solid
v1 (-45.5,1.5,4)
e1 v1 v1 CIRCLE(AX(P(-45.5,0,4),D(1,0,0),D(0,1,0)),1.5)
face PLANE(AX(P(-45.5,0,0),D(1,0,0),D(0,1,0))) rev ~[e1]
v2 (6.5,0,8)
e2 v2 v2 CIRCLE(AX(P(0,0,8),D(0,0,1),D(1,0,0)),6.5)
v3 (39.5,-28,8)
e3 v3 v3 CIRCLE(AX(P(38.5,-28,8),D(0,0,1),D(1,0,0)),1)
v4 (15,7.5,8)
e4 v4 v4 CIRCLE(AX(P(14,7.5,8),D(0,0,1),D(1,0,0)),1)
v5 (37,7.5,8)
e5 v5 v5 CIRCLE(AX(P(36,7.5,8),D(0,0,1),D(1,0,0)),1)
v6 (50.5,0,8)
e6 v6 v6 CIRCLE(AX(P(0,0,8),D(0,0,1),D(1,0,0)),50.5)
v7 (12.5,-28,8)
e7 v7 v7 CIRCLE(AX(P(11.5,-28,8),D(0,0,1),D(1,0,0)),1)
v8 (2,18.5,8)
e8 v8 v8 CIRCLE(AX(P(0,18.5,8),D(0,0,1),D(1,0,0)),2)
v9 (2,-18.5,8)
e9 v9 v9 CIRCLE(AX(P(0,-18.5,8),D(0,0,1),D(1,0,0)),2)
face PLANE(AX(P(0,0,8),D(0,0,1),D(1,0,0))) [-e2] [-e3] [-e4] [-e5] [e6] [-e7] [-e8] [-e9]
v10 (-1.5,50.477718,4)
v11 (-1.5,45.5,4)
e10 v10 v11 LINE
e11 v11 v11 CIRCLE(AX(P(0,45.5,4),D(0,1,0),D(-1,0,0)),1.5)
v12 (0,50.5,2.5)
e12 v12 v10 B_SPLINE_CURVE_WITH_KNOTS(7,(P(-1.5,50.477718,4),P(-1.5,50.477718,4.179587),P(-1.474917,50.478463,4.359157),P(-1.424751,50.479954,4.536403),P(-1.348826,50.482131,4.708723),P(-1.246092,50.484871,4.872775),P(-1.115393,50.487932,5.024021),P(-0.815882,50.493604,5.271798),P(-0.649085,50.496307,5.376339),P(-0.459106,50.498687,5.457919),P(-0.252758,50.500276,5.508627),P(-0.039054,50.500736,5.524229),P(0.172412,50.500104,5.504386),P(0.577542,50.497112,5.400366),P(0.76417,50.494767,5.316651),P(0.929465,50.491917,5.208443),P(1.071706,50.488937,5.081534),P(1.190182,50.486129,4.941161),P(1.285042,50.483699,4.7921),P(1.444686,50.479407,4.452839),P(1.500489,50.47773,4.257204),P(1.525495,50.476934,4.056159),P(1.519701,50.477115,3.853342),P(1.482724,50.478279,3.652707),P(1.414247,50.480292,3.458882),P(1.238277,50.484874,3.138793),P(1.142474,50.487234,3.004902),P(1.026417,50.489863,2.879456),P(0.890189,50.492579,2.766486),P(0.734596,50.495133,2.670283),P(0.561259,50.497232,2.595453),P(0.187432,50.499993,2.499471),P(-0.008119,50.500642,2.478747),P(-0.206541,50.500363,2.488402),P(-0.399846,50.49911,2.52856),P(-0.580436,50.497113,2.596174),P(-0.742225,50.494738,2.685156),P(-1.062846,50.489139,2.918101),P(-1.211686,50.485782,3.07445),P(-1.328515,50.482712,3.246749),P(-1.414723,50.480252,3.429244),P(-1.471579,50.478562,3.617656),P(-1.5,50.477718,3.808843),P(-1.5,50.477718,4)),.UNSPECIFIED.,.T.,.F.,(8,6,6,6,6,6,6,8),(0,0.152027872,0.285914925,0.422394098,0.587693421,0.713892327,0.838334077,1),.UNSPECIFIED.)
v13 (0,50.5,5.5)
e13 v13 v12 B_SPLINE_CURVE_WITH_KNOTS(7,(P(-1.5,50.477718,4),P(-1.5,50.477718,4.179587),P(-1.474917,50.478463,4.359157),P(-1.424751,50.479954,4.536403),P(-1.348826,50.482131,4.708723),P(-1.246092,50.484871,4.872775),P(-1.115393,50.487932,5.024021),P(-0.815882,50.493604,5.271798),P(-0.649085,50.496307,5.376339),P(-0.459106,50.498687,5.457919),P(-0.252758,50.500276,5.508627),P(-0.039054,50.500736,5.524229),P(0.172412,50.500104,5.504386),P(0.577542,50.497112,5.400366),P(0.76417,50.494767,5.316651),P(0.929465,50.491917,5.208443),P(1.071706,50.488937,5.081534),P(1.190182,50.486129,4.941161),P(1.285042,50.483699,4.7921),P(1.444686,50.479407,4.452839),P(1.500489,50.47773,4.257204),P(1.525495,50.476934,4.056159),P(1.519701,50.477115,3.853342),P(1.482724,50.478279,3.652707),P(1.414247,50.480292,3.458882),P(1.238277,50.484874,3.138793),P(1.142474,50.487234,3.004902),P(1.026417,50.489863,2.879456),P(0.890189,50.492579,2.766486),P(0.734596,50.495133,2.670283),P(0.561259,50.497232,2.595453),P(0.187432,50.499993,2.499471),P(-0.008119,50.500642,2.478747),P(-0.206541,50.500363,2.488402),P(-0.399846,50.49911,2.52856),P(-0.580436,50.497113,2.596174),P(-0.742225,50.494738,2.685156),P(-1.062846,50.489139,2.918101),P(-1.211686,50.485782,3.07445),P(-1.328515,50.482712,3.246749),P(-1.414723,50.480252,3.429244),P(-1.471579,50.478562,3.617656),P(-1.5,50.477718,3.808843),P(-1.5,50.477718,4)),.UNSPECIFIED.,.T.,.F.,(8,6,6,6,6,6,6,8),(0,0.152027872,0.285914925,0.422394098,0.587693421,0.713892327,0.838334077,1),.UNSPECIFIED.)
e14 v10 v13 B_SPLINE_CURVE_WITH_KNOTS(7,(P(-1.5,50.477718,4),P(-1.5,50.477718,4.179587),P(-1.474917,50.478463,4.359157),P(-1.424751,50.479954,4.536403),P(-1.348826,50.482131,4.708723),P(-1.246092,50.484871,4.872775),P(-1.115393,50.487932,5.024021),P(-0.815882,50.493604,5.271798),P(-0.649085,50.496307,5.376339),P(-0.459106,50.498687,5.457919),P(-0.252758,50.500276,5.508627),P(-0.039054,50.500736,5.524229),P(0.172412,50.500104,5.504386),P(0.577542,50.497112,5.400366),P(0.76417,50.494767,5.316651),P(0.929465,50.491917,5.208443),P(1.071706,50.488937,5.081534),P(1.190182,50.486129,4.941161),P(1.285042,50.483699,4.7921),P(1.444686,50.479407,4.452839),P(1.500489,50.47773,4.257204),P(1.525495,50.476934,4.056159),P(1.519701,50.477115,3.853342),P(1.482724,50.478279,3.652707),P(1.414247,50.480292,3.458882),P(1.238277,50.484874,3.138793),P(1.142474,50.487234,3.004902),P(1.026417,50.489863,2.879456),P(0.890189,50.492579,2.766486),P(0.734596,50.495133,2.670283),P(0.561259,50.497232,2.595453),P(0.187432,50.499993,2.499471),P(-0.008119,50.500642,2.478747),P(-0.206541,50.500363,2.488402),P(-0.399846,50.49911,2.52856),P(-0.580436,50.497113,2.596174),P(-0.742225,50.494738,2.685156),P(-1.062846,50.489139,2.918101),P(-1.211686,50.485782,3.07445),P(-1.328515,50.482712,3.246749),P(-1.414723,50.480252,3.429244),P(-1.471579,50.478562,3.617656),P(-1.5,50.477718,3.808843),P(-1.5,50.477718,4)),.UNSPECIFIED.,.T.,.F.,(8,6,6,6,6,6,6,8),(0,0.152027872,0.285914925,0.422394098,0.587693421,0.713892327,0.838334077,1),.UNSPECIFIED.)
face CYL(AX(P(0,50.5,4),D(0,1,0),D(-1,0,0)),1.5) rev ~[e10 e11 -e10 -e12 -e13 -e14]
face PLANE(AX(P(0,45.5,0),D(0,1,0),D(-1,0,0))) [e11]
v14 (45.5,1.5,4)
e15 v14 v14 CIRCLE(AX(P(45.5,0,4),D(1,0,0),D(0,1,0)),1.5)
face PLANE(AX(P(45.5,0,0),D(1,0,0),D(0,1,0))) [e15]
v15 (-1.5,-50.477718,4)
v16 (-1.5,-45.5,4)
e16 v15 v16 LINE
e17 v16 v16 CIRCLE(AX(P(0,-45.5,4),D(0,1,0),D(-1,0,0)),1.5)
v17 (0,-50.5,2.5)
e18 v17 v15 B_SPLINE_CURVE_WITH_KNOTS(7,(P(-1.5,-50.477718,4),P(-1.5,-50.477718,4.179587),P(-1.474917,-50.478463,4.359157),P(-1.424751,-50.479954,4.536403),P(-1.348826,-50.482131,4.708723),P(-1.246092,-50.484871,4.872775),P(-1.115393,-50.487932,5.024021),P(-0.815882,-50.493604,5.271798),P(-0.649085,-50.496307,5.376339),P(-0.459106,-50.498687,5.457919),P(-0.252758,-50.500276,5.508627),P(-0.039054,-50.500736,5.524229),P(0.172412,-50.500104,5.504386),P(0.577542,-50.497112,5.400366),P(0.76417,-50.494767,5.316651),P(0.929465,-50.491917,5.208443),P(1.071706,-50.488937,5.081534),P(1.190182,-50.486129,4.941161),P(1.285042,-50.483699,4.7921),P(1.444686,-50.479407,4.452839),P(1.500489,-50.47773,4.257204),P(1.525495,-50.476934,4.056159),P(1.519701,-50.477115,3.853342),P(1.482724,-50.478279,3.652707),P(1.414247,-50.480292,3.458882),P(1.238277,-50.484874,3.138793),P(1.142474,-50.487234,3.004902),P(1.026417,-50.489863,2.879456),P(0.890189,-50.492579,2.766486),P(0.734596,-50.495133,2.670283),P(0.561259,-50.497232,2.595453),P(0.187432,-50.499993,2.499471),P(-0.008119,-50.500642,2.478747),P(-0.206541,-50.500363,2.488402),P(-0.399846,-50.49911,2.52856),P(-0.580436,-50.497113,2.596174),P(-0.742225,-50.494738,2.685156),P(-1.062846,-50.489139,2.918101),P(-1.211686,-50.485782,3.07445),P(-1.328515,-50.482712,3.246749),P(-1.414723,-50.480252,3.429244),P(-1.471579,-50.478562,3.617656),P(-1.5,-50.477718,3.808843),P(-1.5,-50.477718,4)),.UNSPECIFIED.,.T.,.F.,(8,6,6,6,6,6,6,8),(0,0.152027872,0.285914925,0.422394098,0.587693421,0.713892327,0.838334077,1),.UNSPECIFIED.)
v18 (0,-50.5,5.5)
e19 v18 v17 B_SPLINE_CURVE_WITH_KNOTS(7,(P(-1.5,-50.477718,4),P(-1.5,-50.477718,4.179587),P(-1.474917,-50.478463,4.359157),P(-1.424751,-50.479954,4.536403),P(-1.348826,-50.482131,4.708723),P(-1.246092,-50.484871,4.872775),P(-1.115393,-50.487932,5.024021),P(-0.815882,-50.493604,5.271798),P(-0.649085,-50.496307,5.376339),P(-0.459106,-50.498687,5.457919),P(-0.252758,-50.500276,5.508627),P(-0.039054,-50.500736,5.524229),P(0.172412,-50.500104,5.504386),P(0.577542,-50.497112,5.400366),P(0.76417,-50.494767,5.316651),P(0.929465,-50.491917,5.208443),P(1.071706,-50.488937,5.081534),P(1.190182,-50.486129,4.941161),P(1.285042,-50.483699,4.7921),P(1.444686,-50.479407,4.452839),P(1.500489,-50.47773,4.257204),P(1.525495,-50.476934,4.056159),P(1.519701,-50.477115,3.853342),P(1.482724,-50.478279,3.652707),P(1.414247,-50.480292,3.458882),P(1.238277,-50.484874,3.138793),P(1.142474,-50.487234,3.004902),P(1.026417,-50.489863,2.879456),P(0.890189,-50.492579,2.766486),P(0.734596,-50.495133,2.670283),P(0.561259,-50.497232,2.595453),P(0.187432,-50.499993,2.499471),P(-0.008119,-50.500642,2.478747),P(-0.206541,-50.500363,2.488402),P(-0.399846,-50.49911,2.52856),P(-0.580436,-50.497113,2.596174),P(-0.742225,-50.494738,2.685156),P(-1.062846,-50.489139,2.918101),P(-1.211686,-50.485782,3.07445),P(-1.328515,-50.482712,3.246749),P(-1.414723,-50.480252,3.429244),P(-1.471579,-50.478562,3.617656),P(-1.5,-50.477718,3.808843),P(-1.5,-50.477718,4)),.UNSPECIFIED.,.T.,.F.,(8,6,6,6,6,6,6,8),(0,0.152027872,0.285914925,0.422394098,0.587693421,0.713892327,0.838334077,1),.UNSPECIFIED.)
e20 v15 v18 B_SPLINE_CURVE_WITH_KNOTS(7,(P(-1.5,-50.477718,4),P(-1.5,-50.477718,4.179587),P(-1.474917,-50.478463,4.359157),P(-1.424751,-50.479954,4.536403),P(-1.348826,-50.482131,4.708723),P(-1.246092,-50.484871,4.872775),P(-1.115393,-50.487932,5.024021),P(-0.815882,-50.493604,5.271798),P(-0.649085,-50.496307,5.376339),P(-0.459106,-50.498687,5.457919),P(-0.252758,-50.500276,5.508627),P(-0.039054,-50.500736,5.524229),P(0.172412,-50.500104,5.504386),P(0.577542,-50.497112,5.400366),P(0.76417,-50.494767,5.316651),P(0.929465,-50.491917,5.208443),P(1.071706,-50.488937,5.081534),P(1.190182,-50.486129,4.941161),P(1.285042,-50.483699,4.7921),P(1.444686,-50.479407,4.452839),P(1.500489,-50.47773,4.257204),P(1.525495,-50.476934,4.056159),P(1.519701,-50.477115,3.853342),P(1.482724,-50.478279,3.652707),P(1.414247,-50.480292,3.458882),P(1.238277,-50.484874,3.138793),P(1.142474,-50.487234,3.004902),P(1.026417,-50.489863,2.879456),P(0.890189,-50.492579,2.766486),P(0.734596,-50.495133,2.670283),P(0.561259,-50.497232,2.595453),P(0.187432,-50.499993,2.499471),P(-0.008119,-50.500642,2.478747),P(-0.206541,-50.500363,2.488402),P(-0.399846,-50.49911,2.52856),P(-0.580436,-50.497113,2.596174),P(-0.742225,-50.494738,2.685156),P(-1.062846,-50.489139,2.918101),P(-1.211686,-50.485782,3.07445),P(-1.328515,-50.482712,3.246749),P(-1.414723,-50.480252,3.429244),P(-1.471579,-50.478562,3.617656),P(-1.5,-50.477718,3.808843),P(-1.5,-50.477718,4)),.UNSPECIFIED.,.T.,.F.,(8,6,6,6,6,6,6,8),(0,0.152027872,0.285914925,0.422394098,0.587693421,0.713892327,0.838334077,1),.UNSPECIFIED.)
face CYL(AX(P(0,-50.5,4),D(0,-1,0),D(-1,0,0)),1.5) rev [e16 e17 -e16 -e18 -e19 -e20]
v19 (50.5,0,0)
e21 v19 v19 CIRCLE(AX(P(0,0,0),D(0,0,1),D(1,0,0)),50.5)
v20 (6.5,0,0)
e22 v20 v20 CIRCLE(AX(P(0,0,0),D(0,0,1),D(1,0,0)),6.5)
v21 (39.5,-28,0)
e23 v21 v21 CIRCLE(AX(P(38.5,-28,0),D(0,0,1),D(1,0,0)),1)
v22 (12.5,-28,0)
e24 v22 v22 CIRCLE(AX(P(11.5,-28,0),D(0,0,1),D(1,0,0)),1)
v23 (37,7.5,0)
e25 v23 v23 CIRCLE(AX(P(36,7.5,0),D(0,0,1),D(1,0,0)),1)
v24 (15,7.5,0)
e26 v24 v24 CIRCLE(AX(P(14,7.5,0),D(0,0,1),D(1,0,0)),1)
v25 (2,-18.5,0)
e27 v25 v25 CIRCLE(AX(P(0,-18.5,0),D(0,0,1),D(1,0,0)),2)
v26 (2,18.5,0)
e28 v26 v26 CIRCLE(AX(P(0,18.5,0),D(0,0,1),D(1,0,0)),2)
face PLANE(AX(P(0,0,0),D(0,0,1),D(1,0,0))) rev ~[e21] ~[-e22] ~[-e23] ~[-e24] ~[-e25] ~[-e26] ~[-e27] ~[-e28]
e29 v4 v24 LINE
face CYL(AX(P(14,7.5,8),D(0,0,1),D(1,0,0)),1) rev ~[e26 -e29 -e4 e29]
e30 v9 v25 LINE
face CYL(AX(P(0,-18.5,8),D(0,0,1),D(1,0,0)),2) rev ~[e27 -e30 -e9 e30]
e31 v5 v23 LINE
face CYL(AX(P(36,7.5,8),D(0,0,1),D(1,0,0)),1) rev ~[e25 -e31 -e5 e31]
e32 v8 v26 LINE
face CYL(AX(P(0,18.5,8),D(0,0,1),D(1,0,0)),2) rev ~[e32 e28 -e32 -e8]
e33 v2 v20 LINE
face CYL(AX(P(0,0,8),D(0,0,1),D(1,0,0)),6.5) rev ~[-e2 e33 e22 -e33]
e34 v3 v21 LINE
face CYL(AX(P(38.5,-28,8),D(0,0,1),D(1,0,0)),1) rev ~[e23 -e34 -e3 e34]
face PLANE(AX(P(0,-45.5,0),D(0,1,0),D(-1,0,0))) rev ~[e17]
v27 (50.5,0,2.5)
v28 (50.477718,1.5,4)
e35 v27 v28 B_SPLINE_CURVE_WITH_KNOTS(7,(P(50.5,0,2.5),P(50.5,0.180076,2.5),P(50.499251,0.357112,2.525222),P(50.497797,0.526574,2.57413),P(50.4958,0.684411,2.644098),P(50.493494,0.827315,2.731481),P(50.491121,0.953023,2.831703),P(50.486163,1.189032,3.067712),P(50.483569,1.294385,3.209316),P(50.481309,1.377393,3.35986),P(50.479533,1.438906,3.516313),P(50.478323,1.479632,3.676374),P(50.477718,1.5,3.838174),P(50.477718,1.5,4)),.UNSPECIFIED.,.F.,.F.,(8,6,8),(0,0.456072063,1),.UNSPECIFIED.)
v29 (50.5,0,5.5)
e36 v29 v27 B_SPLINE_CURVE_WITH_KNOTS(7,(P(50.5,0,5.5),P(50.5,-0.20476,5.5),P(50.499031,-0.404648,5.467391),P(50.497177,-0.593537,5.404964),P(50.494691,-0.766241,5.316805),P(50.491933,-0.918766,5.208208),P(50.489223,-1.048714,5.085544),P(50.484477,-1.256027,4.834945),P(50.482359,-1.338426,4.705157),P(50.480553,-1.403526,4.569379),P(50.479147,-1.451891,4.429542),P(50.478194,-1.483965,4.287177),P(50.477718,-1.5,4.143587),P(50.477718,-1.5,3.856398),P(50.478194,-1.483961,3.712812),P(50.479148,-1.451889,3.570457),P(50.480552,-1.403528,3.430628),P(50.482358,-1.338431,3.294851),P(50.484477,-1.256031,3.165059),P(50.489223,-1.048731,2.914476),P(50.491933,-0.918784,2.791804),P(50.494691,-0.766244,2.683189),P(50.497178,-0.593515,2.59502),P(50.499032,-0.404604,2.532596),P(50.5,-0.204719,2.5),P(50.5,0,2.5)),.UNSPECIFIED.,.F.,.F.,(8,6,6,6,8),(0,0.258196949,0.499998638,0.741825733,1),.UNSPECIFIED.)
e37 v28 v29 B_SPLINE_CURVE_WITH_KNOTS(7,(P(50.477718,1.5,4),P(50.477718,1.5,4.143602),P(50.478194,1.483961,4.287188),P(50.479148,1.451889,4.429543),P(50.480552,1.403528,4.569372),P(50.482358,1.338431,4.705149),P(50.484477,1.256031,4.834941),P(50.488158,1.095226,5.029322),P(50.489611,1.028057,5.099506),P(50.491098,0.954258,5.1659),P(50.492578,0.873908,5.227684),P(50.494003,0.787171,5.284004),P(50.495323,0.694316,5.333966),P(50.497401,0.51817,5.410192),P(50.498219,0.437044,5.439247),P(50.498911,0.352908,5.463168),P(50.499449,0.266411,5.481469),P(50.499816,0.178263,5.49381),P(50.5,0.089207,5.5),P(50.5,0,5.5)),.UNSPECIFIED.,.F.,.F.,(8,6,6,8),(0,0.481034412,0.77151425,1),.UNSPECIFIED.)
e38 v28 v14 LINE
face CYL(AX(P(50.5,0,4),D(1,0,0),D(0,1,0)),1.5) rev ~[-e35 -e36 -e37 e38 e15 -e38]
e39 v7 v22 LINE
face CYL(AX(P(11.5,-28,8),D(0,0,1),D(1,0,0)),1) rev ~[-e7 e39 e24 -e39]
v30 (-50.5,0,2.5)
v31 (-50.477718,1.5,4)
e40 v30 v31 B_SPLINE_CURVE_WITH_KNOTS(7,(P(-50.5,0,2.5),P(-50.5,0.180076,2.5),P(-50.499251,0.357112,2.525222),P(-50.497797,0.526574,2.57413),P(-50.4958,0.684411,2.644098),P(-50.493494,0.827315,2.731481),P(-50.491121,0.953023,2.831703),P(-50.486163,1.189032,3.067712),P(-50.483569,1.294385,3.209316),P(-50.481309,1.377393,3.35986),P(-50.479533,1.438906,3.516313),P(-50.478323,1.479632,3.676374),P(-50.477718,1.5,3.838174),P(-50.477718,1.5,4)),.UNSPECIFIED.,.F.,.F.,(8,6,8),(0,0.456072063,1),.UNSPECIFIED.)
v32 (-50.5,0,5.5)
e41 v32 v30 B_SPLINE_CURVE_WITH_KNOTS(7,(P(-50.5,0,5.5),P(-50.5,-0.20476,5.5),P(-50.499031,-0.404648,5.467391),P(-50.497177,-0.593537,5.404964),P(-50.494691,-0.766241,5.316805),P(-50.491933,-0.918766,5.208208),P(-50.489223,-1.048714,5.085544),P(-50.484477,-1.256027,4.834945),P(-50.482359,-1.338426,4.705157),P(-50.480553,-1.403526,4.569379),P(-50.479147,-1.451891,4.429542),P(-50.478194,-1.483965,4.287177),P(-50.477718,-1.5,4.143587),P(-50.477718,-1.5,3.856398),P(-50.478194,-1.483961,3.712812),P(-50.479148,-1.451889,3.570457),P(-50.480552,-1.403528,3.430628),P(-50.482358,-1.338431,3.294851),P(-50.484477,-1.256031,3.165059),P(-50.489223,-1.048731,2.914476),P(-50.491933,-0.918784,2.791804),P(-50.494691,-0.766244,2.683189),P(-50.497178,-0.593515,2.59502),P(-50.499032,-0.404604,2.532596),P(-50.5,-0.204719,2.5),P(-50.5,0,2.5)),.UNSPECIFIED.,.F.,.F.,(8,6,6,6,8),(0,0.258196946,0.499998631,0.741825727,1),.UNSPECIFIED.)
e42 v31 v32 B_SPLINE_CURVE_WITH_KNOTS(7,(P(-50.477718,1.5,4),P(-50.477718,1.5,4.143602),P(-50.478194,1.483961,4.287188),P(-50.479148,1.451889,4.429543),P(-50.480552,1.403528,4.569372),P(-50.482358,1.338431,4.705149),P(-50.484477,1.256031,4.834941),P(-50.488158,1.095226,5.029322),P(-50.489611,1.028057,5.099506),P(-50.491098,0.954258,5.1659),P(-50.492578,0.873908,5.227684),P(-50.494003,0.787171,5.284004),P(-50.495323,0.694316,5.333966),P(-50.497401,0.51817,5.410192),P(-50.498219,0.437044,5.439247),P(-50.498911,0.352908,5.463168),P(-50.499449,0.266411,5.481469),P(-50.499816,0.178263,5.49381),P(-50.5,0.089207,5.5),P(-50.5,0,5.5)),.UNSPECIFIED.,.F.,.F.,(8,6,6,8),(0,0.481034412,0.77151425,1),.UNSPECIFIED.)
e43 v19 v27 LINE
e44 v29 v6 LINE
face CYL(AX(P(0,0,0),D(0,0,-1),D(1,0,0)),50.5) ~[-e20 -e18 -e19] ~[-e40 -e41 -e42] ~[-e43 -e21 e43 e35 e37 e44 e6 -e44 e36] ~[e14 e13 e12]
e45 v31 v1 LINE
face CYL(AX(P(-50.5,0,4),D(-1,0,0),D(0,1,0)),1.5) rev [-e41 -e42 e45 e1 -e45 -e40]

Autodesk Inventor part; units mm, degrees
sketch "スケッチ1" plane through (0, 0, 0) normal (0, 0, 1) x (1, 0, 0)
  circle A0 centre (0, 0) radius 50.5
  dimension "d0" = 101
extrude "押し出し1" add sketch "スケッチ1" along normal blind 8
ref_plane "作業平面1" through (50.5, 0, 0) normal (1, 0, 0) x (0, 1, 0)
ref_plane "作業平面2" through (-50.5, 0, 0) normal (1, 0, 0) x (0, 1, 0)
ref_plane "作業平面3" through (0, 50.5, 0) normal (0, 1, 0) x (-1, 0, 0)
ref_plane "作業平面4" through (0, -50.5, 0) normal (0, 1, 0) x (-1, 0, 0)
sketch "スケッチ2" plane through (50.5, 0, 0) normal (1, 0, 0) x (0, 1, 0)
  line L0 (0, 0) -> (0, 4) construction
  circle A0 centre (0, 4) radius 1.5
  dimension "d7" = 4
  dimension "d8" = 3
extrude "押し出し2" cut sketch "スケッチ2" against normal blind 5
sketch "スケッチ3" plane through (-50.5, 0, 0) normal (1, 0, 0) x (0, 1, 0)
  line L0 (0, 0) -> (0, 4) construction
  circle A0 centre (0, 4) radius 1.5
  dimension "d11" = 4
  dimension "d12" = 3
extrude "押し出し3" cut sketch "スケッチ3" along normal blind 5
sketch "スケッチ4" plane through (0, 50.5, 0) normal (0, 1, 0) x (-1, 0, 0)
  line L0 (0, 0) -> (0, 4) construction
  circle A0 centre (0, 4) radius 1.5
  dimension "d15" = 4
  dimension "d16" = 3
extrude "押し出し4" cut sketch "スケッチ4" against normal blind 5
sketch "スケッチ5" plane through (0, -50.5, 0) normal (0, 1, 0) x (-1, 0, 0)
  line L0 (0, 0) -> (0, 4) construction
  circle A0 centre (0, 4) radius 1.5
  dimension "d19" = 4
  dimension "d20" = 3
extrude "押し出し5" cut sketch "スケッチ5" along normal blind 5
thread "ねじ1" size "M3x0.5" class "6H" standard "ANSI Metric M Profile" full length
thread "ねじ2" size "M3x0.5" class "6H" standard "ANSI Metric M Profile" full length
thread "ねじ3" size "M3x0.5" class "6H" standard "ANSI Metric M Profile" full length
thread "ねじ4" size "M3x0.5" class "6H" standard "ANSI Metric M Profile" full length
sketch "スケッチ8" plane through (0, 0, 8) normal (0, 0, 1) x (1, 0, 0)
  line L0 (0, 0) -> (0, 18.5) construction
  line L1 (0, 0) -> (0, -18.5) construction
  circle A0 centre (0, 18.5) radius 2
  circle A1 centre (0, -18.5) radius 2
  circle A2 centre (0, 0) radius 6.5
  dimension "d62" = 18.5
  dimension "d63" = 18.5
  dimension "d64" = 4
  dimension "d65" = 4
  dimension "d66" = 13
extrude "押し出し7" cut sketch "スケッチ8" against normal blind 8
thread "ねじ7" size "M4x0.7" class "6H" standard "ANSI Metric M Profile" full length
thread "ねじ8" size "M4x0.7" class "6H" standard "ANSI Metric M Profile" full length
sketch "スケッチ9" plane through (0, 0, 8) normal (0, 0, 1) x (1, 0, 0)
  line L0 (0, 0) -> (25, 0) construction
  line L1 (25, 0) -> (25, -1) construction
  line L2 (25, 0) -> (25, 7.5) construction
  circle A0 centre (36, 7.5) radius 1
  line L3 (36, 7.5) -> (14, 7.5) construction
  circle A1 centre (14, 7.5) radius 1
  line L4 (25, -1) -> (25, -10) construction
  line L5 (25, -10) -> (25, -28) construction
  circle A2 centre (11.5, -28) radius 1
  line L6 (25, 0) -> (9, 0) construction
  line L7 (9, 0) -> (9, -31) construction
  line L8 (9, -31) -> (41, -31) construction
  line L9 (41, -31) -> (41, 0) construction
  line L10 (25, 0) -> (25, 12) construction
  line L11 (14.417, 12) -> (35.583, 12) construction
  arc A3 (14.757, 12.2915) -> (9, 0) centre (25, 0) ccw construction
  arc A4 (41, 0) -> (35.583, 12) centre (25, 0) ccw construction
  line L12 (11.5, -28) -> (38.5, -28) construction
  circle A5 centre (38.5, -28) radius 1
  dimension "d92" = 25
  dimension "d103" = 7.5
  dimension "d105" = 2
  dimension "d108" = 2
  dimension "d117" = 2
  dimension "d129" = 16
  dimension "d130" = 31
  dimension "d131" = 32
  dimension "d134" = 22
  dimension "d146" = 28
  dimension "d147" = 27
  dimension "d148" = 2
extrude "押し出し11" cut sketch "スケッチ9" against normal blind 8
properties part number "outsideCover"
